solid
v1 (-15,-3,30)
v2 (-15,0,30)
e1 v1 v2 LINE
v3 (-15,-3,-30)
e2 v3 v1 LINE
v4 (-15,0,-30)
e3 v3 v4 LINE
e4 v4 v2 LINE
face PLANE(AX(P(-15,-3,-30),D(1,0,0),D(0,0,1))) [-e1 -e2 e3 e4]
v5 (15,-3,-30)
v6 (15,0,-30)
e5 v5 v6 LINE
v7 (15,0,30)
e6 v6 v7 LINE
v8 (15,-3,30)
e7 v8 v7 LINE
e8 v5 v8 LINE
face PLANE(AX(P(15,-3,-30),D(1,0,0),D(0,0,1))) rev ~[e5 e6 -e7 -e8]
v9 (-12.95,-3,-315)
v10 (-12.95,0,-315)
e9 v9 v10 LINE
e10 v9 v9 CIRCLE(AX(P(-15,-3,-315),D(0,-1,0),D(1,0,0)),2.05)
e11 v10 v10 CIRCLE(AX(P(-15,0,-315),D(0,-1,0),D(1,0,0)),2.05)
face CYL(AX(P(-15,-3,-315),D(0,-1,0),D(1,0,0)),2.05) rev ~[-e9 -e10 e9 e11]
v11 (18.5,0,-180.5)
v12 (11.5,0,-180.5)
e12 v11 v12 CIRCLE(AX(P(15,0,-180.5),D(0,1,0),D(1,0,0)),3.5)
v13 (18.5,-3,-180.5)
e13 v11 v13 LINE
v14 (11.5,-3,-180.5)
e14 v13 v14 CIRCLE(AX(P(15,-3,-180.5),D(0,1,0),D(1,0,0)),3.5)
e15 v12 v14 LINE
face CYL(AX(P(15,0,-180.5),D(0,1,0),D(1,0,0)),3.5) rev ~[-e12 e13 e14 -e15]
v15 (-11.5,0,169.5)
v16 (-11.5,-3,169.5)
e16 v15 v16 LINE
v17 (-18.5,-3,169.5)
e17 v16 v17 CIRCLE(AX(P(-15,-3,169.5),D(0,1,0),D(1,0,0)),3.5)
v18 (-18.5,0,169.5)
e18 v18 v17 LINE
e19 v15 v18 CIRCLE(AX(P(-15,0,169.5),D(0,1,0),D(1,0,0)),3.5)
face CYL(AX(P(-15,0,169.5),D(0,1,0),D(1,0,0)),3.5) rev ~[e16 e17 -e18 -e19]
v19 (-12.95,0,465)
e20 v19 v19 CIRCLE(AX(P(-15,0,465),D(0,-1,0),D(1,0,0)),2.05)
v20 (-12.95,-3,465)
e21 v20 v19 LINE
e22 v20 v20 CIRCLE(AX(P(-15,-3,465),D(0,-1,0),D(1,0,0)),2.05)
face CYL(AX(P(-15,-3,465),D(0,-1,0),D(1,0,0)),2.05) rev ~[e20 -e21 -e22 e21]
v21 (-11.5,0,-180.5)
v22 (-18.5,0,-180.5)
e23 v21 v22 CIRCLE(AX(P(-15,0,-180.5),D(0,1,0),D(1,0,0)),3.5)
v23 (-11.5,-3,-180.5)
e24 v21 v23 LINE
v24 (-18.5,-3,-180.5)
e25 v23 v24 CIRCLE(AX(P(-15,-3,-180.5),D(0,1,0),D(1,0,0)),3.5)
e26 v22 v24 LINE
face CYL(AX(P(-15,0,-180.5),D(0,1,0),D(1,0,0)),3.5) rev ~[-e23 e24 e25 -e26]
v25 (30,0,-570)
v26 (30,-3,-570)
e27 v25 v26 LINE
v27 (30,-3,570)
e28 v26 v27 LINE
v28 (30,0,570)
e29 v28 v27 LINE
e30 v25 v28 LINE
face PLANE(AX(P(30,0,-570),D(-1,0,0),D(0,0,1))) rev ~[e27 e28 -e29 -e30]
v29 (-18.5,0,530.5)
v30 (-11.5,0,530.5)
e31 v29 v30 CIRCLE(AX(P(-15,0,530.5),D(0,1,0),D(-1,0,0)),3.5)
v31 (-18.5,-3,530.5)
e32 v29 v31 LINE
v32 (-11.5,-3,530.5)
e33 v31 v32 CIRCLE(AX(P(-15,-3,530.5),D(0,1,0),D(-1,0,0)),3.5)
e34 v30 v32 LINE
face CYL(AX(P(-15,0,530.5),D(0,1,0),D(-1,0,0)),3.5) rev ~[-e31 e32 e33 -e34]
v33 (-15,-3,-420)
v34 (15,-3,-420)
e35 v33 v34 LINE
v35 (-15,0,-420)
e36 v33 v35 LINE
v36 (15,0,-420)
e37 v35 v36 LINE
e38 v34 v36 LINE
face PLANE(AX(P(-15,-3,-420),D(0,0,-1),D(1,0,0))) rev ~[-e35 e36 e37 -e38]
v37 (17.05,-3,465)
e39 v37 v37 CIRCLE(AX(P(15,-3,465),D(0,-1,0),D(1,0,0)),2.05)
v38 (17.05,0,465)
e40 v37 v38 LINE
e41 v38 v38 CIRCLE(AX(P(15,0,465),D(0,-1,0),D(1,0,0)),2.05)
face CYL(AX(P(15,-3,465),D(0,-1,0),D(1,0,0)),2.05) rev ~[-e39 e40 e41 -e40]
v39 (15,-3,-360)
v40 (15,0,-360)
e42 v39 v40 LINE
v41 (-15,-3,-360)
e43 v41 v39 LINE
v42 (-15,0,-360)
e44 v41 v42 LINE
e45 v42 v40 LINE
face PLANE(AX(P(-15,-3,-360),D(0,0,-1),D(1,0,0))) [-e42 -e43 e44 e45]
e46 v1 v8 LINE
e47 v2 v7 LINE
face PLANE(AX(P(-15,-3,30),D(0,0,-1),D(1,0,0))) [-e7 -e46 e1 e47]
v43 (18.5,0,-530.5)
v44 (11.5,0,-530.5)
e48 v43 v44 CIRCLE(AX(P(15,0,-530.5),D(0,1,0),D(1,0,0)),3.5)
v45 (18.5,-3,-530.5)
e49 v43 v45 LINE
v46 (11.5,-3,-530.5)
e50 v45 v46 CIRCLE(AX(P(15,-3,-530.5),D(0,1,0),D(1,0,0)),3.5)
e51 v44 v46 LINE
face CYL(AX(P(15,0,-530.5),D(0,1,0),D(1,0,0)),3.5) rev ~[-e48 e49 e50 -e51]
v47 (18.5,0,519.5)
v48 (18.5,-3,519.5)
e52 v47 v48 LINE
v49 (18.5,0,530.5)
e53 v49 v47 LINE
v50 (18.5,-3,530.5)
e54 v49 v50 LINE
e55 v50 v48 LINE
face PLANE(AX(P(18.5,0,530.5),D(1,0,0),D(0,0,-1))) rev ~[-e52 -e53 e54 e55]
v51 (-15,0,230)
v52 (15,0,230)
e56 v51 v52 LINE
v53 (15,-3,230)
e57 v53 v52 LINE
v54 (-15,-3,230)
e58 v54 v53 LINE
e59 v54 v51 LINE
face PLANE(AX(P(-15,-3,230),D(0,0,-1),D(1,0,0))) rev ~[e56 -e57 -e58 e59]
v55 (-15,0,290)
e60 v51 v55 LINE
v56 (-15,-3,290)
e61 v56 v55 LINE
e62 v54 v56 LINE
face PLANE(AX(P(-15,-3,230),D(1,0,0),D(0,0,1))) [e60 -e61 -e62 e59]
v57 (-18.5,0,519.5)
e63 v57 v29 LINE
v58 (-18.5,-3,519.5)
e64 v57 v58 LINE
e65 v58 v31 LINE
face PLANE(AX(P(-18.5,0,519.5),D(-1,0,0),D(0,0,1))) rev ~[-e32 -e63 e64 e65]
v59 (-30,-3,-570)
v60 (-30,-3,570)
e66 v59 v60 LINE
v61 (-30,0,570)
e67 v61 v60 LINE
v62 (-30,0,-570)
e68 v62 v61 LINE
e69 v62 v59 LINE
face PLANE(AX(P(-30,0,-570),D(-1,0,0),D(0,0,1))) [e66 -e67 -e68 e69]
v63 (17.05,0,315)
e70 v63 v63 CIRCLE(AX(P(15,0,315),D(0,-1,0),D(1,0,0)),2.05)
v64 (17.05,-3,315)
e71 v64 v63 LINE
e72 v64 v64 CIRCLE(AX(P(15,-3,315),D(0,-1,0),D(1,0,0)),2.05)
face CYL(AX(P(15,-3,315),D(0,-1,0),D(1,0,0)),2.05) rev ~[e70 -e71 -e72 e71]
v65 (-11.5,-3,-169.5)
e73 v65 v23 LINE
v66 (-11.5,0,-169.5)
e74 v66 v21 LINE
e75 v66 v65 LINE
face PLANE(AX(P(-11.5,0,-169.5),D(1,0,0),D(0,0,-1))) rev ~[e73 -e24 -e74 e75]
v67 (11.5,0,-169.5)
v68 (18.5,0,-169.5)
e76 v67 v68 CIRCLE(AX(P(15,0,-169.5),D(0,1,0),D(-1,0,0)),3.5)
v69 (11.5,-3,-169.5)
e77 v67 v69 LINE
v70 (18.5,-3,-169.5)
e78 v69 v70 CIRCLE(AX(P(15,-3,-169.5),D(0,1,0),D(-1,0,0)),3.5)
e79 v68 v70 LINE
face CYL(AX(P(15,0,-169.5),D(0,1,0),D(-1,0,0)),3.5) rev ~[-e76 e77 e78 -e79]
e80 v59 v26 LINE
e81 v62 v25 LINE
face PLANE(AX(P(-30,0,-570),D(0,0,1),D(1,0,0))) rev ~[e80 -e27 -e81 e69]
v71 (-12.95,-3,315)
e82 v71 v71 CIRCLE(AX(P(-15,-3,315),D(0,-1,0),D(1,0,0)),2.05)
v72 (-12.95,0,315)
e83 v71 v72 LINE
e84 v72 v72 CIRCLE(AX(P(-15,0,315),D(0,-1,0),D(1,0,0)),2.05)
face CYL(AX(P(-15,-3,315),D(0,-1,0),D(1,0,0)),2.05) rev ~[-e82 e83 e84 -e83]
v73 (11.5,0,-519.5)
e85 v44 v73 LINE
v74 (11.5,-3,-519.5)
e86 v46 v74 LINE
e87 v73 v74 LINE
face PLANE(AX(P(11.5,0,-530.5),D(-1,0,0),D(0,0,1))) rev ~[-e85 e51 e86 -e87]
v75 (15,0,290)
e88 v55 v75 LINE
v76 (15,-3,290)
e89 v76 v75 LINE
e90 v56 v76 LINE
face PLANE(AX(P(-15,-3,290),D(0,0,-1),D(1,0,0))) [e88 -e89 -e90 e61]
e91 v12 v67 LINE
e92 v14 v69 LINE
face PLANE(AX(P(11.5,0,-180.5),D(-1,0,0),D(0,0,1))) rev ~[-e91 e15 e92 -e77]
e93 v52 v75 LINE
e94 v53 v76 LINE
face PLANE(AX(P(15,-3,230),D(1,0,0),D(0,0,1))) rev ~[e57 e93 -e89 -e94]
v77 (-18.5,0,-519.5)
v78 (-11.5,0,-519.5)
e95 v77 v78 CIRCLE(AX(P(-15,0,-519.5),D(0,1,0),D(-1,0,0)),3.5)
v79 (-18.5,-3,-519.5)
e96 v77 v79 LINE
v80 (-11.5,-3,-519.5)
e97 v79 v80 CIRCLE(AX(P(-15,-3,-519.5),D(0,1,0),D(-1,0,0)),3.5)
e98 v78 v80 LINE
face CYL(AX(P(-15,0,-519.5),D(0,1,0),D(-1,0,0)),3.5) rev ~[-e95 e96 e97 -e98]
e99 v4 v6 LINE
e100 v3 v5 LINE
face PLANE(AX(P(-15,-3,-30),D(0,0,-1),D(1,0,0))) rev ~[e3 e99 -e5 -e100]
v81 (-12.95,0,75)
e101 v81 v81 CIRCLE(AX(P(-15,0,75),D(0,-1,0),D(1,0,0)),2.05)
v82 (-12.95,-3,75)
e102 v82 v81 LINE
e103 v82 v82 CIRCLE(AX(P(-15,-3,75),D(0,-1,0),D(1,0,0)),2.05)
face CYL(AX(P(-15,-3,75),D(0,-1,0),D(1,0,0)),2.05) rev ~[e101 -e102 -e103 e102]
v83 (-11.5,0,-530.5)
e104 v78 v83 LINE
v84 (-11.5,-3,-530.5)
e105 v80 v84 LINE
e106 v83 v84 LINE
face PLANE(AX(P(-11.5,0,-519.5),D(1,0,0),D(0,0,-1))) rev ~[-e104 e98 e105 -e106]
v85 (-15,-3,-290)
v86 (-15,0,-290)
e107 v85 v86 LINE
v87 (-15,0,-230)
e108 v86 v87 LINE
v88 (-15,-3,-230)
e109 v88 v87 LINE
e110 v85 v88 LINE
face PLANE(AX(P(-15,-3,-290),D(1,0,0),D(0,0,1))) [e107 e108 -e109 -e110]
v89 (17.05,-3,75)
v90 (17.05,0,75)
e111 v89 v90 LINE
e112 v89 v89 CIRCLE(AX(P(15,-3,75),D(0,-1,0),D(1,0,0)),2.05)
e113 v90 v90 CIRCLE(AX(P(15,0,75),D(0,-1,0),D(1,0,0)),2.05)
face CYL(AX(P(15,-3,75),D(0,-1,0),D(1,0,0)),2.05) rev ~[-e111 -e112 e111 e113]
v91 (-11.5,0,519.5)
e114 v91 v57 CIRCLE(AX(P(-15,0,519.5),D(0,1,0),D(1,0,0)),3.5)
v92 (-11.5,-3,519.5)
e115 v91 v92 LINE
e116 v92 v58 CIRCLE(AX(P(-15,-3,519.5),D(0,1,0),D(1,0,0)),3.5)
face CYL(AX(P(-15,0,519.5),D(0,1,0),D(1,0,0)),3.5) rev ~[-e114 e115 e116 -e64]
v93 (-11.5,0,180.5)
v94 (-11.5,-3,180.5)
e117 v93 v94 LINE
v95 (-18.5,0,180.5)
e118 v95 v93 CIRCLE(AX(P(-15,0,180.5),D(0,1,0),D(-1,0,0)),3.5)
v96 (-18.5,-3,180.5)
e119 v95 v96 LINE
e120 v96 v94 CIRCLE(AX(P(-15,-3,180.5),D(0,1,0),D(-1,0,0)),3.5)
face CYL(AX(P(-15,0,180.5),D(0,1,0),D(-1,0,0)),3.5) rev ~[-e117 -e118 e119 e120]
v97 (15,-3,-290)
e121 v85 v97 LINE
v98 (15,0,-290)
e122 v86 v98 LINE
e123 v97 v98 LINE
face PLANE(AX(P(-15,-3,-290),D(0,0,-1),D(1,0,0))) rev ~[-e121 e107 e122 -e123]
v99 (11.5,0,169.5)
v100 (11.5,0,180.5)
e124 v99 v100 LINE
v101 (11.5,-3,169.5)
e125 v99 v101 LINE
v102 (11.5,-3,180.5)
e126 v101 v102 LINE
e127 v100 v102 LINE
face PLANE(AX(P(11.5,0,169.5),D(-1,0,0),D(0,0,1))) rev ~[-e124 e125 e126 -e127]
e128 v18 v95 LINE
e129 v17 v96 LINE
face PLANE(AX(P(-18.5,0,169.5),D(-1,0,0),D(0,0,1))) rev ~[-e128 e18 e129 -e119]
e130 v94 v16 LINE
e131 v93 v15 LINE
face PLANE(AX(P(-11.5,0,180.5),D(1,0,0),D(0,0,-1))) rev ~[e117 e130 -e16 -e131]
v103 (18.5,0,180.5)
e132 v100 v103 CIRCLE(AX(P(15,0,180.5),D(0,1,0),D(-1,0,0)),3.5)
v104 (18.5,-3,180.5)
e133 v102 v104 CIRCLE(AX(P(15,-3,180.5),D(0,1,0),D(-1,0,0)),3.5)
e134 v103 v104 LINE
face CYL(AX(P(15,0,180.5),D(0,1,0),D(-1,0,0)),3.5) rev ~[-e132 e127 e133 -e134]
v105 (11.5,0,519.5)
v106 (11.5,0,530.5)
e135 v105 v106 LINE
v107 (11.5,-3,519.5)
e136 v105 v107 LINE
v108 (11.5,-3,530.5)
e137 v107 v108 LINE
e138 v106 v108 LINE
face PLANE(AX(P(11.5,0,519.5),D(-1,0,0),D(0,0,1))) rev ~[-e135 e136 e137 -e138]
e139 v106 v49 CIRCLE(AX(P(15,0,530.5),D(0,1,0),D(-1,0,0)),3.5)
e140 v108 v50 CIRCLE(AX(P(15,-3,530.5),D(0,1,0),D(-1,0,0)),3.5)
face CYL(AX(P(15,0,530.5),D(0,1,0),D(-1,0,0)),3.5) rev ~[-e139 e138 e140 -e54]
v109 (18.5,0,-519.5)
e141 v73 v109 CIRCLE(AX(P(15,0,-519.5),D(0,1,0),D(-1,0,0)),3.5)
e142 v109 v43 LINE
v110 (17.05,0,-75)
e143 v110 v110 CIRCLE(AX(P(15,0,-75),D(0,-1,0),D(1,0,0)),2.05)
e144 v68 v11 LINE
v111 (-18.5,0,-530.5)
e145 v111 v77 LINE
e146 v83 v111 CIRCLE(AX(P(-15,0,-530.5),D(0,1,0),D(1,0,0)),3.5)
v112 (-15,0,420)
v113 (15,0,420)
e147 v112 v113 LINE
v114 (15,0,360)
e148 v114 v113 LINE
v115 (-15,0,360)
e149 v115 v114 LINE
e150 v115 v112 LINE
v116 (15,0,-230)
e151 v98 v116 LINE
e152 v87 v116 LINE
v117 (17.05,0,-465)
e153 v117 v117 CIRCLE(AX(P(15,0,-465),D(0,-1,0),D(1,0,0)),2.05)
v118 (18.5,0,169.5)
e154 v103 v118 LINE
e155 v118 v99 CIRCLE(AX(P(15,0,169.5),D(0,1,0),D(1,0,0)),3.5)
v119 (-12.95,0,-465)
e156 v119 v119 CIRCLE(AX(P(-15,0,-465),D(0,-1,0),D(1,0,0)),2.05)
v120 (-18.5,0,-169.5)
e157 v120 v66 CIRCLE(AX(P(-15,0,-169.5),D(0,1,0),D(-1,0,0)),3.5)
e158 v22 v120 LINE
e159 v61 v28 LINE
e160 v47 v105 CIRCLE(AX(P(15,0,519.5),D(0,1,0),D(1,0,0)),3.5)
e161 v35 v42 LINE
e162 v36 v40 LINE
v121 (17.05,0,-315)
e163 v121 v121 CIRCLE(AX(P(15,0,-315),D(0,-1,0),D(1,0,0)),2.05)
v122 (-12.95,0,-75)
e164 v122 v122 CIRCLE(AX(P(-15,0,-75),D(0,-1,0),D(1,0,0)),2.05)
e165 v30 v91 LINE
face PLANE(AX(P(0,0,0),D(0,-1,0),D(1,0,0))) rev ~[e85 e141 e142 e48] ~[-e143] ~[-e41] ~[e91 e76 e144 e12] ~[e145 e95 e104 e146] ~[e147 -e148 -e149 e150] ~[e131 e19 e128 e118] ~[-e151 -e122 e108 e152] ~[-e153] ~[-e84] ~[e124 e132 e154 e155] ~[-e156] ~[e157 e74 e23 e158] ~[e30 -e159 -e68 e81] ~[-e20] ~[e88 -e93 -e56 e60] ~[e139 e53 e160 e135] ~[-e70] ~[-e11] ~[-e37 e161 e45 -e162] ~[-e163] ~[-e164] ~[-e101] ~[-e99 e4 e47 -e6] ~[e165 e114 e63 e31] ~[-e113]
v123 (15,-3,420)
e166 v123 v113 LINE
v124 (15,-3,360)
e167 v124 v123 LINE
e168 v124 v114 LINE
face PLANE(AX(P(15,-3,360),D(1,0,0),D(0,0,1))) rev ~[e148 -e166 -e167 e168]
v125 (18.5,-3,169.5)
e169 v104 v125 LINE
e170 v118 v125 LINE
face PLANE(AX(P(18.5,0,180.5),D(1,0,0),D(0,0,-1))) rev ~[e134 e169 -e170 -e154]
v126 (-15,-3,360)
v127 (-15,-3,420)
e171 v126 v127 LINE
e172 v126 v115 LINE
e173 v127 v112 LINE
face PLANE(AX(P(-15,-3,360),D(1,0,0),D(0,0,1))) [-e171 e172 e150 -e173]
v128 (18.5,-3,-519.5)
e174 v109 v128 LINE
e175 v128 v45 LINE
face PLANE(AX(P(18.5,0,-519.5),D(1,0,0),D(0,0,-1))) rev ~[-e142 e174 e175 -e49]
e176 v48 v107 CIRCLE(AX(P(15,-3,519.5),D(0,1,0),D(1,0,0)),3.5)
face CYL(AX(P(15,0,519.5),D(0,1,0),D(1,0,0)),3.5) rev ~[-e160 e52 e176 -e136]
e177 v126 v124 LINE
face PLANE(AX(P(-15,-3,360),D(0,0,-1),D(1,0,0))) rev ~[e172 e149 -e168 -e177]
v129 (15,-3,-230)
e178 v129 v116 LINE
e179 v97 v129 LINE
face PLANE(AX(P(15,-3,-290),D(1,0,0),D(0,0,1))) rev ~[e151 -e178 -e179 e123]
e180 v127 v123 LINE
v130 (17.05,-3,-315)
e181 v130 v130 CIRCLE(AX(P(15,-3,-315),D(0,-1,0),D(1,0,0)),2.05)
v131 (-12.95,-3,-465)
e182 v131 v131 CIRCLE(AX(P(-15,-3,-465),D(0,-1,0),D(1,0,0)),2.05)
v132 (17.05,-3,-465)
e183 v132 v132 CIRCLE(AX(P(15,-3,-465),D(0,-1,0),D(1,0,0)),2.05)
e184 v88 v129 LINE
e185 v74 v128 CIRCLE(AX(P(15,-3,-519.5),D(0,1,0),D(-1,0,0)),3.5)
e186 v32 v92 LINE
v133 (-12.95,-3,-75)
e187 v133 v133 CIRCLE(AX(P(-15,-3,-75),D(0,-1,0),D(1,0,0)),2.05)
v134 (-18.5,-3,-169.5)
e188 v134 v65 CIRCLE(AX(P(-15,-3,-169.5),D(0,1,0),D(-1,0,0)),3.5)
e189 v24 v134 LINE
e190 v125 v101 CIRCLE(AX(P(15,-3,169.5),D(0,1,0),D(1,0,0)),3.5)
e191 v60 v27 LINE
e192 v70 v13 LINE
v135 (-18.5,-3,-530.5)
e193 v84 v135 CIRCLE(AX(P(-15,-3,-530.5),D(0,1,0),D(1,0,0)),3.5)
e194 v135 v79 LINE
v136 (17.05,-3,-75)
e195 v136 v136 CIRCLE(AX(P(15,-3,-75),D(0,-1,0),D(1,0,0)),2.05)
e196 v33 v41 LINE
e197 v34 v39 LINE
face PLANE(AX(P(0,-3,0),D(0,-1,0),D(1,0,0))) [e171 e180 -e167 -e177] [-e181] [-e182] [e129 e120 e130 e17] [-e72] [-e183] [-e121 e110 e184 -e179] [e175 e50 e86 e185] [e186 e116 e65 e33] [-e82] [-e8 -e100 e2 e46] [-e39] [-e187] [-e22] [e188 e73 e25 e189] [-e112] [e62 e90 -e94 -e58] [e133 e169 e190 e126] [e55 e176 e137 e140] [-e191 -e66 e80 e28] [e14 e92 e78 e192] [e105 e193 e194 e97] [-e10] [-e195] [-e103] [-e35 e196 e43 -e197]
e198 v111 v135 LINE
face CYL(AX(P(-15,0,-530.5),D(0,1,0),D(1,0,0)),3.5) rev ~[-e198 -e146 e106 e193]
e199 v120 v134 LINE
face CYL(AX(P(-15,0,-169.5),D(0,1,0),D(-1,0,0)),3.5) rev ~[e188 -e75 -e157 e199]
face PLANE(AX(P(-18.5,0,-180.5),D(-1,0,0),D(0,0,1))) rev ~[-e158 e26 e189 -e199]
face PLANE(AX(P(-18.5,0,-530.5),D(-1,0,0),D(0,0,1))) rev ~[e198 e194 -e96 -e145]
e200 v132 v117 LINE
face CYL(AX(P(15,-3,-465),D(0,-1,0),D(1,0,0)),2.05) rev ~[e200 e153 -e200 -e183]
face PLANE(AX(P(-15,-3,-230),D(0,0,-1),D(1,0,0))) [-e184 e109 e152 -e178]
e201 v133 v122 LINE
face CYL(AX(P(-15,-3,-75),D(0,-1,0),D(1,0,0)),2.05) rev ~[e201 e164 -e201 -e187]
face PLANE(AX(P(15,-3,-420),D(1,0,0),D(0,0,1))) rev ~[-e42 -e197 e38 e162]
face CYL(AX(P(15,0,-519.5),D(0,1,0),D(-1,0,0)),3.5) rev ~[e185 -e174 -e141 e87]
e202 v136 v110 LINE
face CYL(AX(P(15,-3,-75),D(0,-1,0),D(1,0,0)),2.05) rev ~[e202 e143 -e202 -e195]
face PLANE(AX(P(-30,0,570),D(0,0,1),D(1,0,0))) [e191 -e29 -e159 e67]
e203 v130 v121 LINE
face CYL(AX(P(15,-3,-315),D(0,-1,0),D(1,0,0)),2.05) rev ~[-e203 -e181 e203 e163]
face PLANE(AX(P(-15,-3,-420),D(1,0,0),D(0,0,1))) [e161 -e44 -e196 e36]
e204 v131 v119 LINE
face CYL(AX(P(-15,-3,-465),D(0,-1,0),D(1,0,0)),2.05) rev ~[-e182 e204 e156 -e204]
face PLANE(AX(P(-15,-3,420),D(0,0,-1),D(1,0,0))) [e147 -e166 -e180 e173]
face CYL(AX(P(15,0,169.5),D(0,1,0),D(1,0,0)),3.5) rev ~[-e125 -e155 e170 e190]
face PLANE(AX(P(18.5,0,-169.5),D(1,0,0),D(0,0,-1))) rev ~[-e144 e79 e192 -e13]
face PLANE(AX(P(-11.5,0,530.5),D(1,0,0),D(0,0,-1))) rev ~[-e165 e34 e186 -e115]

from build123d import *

# Parameters (mm, degrees)
F0_W     = 60
F0_H     = 1140
F1_DEPTH = 3
F2_R     = 2.05
F2_W     = 30
F2_H     = 60
F3_DEPTH = 25


with BuildPart() as f1:
    # F0 (on Front) → F1 (new body)
    with BuildSketch(Plane.XZ):
        Rectangle(F0_W, F0_H)
        with BuildLine():
            Line((-11.5, -519.5), (-11.5, -530.5))
            ThreePointArc((-11.5, -530.5), (-15, -534), (-18.5, -530.5))
            Line((-18.5, -530.5), (-18.5, -519.5))
            ThreePointArc((-18.5, -519.5), (-15, -516), (-11.5, -519.5))
        make_face(mode=Mode.SUBTRACT)
        with BuildLine():
            ThreePointArc((-18.5, -169.5), (-15, -166), (-11.5, -169.5))
            Line((-11.5, -169.5), (-11.5, -180.5))
            ThreePointArc((-11.5, -180.5), (-15, -184), (-18.5, -180.5))
            Line((-18.5, -180.5), (-18.5, -169.5))
        make_face(mode=Mode.SUBTRACT)
        with BuildLine():
            Line((18.5, -519.5), (18.5, -530.5))
            ThreePointArc((18.5, -530.5), (15, -534), (11.5, -530.5))
            Line((11.5, -530.5), (11.5, -519.5))
            ThreePointArc((11.5, -519.5), (15, -516), (18.5, -519.5))
        make_face(mode=Mode.SUBTRACT)
        with BuildLine():
            ThreePointArc((18.5, -180.5), (15, -184), (11.5, -180.5))
            Line((11.5, -180.5), (11.5, -169.5))
            ThreePointArc((11.5, -169.5), (15, -166), (18.5, -169.5))
            Line((18.5, -169.5), (18.5, -180.5))
        make_face(mode=Mode.SUBTRACT)
        with BuildLine():
            ThreePointArc((-18.5, 180.5), (-15, 184), (-11.5, 180.5))
            Line((-11.5, 180.5), (-11.5, 169.5))
            ThreePointArc((-11.5, 169.5), (-15, 166), (-18.5, 169.5))
            Line((-18.5, 169.5), (-18.5, 180.5))
        make_face(mode=Mode.SUBTRACT)
        with BuildLine():
            ThreePointArc((-18.5, 530.5), (-15, 534), (-11.5, 530.5))
            Line((-11.5, 530.5), (-11.5, 519.5))
            ThreePointArc((-11.5, 519.5), (-15, 516), (-18.5, 519.5))
            Line((-18.5, 519.5), (-18.5, 530.5))
        make_face(mode=Mode.SUBTRACT)
        with BuildLine():
            ThreePointArc((18.5, 169.5), (15, 166), (11.5, 169.5))
            Line((11.5, 169.5), (11.5, 180.5))
            ThreePointArc((11.5, 180.5), (15, 184), (18.5, 180.5))
            Line((18.5, 180.5), (18.5, 169.5))
        make_face(mode=Mode.SUBTRACT)
        with BuildLine():
            ThreePointArc((18.5, 519.5), (15, 516), (11.5, 519.5))
            Line((11.5, 519.5), (11.5, 530.5))
            ThreePointArc((11.5, 530.5), (15, 534), (18.5, 530.5))
            Line((18.5, 530.5), (18.5, 519.5))
        make_face(mode=Mode.SUBTRACT)
    extrude(amount=F1_DEPTH)

    # F2 (on face) → F3 (cut)
    with BuildSketch(Plane.XZ.offset(3)):
        with Locations((-15, -465)):
            Circle(F2_R)
        with Locations((15, -465)):
            Circle(F2_R)
        with Locations((-15, -315)):
            Circle(F2_R)
        with Locations((15, -315)):
            Circle(F2_R)
        with Locations((-15, -75)):
            Circle(F2_R)
        with Locations((15, -75)):
            Circle(F2_R)
        with Locations((-15, 75)):
            Circle(F2_R)
        with Locations((15, 75)):
            Circle(F2_R)
        with Locations((-15, 315)):
            Circle(F2_R)
        with Locations((15, 315)):
            Circle(F2_R)
        with Locations((-15, 465)):
            Circle(F2_R)
        with Locations((15, 465)):
            Circle(F2_R)
        with Locations((0, -390)):
            Rectangle(F2_W, F2_H)
        with Locations((0, -260)):
            Rectangle(F2_W, F2_H)
        with Locations((0, 390)):
            Rectangle(F2_W, F2_H)
        with Locations((0, 260)):
            Rectangle(F2_W, F2_H)
        Rectangle(F2_W, F2_H)
    extrude(amount=-F3_DEPTH, mode=Mode.SUBTRACT)


solid = f1.part
